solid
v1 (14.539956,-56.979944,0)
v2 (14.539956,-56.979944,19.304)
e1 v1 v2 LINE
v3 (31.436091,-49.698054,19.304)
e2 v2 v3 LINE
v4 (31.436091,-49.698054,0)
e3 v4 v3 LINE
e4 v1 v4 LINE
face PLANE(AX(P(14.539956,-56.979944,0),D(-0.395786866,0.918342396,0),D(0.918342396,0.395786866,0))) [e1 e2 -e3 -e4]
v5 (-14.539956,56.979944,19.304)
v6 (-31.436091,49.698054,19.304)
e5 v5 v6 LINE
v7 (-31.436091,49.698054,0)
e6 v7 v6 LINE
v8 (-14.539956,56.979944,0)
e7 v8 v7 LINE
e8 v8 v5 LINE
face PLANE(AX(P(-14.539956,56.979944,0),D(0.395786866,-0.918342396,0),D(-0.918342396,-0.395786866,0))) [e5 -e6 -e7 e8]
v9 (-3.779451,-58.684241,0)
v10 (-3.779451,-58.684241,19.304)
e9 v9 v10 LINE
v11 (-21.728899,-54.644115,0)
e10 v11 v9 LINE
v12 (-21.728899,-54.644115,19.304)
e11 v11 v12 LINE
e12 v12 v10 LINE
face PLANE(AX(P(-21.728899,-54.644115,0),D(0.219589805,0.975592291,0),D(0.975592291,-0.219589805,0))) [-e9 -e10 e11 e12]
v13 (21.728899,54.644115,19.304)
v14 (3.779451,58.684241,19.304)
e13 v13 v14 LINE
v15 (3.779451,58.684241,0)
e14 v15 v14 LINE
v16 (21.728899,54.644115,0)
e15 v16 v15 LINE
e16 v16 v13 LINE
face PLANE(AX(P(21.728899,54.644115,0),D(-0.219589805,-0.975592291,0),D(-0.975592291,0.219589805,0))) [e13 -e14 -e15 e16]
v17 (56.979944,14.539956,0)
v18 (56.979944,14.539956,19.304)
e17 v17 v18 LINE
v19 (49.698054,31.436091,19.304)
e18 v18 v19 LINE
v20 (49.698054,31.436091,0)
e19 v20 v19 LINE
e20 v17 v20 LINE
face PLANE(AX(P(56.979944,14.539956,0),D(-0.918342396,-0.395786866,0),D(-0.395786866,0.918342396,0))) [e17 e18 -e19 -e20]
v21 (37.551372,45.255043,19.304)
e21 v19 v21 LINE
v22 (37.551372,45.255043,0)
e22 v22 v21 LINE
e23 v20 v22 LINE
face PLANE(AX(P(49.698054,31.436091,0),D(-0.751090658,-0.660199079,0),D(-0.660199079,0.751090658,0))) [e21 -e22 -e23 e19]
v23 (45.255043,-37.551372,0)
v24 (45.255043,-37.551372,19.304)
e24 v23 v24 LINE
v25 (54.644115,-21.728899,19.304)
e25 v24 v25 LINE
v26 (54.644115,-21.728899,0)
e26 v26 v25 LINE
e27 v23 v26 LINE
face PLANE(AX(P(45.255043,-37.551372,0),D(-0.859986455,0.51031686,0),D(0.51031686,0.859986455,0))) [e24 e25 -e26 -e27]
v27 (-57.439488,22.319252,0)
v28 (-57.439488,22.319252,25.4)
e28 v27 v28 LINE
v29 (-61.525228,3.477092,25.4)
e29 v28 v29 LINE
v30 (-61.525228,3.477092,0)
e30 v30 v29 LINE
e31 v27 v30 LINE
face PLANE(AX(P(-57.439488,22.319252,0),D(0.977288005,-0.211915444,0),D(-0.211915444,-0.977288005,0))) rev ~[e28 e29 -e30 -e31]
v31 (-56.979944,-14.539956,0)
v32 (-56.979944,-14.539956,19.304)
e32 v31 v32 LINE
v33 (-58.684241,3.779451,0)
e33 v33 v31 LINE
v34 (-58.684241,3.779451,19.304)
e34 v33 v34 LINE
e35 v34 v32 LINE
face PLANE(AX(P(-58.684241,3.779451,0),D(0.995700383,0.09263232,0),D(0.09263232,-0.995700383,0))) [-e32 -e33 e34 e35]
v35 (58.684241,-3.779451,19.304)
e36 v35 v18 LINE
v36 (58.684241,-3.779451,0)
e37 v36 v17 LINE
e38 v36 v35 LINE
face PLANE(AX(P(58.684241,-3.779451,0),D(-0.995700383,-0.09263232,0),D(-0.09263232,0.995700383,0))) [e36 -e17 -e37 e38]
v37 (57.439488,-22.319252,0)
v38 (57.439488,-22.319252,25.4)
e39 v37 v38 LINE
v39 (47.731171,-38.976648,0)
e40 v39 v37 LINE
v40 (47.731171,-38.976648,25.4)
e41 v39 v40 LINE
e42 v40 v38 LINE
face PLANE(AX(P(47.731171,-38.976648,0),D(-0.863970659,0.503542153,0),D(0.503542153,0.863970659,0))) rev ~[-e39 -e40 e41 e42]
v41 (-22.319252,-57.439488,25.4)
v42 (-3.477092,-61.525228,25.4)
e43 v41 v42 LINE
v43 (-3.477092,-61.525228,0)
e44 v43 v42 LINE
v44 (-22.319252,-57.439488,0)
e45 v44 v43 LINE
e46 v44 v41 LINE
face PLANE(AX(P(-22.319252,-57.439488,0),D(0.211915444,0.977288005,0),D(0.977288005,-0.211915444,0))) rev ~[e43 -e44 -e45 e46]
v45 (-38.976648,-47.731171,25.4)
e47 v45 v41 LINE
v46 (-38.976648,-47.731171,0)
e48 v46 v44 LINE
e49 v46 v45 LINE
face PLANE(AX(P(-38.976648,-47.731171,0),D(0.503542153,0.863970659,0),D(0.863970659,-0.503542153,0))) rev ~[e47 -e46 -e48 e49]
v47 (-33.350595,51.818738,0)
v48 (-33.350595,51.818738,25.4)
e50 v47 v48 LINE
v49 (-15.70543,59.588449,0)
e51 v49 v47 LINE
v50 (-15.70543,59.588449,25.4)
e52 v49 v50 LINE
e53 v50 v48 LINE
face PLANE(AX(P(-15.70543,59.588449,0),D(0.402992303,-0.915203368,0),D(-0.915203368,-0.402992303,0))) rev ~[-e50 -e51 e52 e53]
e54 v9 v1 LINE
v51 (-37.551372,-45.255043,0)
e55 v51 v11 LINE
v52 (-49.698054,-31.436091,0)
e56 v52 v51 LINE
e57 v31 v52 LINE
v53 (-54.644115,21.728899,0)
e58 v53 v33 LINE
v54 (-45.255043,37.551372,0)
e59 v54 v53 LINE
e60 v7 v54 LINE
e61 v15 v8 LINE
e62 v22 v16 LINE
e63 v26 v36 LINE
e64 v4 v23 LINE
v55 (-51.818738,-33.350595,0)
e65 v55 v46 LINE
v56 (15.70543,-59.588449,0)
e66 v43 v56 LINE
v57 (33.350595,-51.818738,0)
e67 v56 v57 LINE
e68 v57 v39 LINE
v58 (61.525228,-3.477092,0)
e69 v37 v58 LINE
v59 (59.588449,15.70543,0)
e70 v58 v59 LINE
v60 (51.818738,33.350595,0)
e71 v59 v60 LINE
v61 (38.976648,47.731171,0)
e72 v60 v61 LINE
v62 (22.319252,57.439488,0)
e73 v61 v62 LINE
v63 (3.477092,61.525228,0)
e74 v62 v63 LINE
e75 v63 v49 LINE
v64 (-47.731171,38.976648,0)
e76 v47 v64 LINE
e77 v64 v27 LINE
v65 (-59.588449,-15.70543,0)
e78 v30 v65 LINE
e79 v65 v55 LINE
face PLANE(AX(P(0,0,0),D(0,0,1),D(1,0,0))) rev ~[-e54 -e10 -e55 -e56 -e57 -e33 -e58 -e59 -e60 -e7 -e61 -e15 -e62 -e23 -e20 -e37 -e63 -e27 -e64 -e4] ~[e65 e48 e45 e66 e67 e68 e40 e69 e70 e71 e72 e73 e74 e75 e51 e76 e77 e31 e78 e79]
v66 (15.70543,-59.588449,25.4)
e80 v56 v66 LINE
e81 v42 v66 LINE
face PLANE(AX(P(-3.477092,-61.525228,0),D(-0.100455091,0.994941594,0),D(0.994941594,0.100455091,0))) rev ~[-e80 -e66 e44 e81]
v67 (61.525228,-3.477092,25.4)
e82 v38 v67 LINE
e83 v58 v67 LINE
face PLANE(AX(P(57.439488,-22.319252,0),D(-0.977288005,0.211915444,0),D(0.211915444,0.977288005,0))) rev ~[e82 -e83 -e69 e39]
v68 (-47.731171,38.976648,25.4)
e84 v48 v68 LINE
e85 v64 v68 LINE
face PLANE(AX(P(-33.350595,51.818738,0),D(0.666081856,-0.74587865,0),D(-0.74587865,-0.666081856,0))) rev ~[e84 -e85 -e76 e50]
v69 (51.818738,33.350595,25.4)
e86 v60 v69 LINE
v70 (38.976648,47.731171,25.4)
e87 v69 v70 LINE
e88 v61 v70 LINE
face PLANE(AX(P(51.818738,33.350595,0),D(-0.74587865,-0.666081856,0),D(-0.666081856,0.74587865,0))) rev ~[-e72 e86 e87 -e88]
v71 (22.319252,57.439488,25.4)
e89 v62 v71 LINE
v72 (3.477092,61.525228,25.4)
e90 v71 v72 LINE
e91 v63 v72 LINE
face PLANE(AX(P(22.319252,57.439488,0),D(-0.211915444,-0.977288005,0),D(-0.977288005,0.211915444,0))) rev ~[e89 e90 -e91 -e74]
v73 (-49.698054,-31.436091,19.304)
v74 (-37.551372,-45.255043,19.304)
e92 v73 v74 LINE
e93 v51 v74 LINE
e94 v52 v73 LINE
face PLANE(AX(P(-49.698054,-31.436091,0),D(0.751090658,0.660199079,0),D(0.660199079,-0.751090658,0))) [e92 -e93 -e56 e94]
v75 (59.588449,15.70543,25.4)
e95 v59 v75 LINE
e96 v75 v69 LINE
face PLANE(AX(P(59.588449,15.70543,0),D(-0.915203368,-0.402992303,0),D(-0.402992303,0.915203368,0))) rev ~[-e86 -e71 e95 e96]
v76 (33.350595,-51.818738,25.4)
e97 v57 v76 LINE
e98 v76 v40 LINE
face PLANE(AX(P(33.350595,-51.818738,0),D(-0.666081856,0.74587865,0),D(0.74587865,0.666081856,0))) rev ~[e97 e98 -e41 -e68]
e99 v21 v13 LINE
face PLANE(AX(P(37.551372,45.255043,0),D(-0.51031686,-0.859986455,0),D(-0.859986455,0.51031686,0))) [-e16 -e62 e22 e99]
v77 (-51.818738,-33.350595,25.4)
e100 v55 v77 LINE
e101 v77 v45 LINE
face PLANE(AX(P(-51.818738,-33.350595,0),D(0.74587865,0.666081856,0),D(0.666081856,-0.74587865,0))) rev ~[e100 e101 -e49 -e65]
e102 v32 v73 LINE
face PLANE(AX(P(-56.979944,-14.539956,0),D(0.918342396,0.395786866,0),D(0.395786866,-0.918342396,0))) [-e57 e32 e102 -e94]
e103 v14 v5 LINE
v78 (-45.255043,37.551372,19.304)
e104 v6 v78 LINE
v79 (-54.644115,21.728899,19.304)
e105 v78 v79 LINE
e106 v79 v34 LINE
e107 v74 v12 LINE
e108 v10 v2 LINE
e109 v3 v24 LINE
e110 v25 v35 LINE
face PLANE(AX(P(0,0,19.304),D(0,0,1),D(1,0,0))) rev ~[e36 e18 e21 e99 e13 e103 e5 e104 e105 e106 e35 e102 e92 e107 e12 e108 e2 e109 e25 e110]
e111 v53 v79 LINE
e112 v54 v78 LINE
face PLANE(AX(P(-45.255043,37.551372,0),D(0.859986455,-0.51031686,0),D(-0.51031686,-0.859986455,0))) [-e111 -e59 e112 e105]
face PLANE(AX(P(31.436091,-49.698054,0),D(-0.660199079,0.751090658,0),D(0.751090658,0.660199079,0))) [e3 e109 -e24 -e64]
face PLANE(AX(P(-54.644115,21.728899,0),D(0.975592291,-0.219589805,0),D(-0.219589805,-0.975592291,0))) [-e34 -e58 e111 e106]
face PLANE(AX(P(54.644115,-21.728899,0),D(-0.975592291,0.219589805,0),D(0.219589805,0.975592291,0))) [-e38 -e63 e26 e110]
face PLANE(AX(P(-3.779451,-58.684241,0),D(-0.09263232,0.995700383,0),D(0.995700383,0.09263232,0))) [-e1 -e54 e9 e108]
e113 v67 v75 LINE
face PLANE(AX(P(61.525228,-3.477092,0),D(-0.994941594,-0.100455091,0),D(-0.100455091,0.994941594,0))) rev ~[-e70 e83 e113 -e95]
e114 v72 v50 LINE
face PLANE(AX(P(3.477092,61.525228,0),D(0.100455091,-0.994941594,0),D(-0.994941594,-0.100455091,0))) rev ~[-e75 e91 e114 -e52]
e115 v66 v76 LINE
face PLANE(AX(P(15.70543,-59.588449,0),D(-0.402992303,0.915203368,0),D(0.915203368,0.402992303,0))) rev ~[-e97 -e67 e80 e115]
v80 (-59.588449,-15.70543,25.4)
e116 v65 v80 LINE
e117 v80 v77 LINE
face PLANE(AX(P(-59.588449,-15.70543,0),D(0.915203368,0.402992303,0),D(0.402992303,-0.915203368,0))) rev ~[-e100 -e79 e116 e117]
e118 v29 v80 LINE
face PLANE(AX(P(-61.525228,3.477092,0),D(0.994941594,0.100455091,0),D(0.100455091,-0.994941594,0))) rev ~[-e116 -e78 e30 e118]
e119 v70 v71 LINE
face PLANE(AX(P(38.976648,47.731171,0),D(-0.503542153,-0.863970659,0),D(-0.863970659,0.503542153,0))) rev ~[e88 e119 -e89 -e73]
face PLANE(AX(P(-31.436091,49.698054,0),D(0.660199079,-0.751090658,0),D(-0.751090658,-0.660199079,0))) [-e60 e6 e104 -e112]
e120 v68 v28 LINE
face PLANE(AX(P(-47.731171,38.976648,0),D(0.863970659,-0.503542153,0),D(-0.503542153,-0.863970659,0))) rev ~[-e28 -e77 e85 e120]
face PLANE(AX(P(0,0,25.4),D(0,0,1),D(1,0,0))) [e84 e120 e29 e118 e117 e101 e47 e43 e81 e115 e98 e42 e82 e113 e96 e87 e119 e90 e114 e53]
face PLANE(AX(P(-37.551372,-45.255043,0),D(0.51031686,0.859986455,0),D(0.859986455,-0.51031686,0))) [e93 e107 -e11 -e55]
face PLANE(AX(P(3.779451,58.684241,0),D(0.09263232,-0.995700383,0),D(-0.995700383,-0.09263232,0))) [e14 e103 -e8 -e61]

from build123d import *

# Parameters (mm, degrees)
F1_DEPTH = 25.4
F3_DEPTH = 19.304


with BuildPart() as f1:
    # F0 (on Top) → F1 (new body)
    with BuildSketch(Plane.XY):
        Polygon((-47.731171, 38.976648), (-57.439488, 22.319252), (-61.525228, 3.477092), (-59.588449, -15.70543), (-51.818738, -33.350595), (-38.976648, -47.731171), (-22.319252, -57.439488), (-3.477092, -61.525228), (15.70543, -59.588449), (33.350595, -51.818738), (47.731171, -38.976648), (57.439488, -22.319252), (61.525228, -3.477092), (59.588449, 15.70543), (51.818738, 33.350595), (38.976648, 47.731171), (22.319252, 57.439488), (3.477092, 61.525228), (-15.70543, 59.588449), (-33.350595, 51.818738), align=None)
    extrude(amount=F1_DEPTH)

    # F2 (on Top) → F3 (cut)
    with BuildSketch(Plane.XY):
        Polygon((-45.255043, 37.551372), (-54.644115, 21.728899), (-58.684241, 3.779451), (-56.979944, -14.539956), (-49.698054, -31.436091), (-37.551372, -45.255043), (-21.728899, -54.644115), (-3.779451, -58.684241), (14.539956, -56.979944), (31.436091, -49.698054), (45.255043, -37.551372), (54.644115, -21.728899), (58.684241, -3.779451), (56.979944, 14.539956), (49.698054, 31.436091), (37.551372, 45.255043), (21.728899, 54.644115), (3.779451, 58.684241), (-14.539956, 56.979944), (-31.436091, 49.698054), align=None)
    extrude(amount=F3_DEPTH, mode=Mode.SUBTRACT)


solid = f1.part
